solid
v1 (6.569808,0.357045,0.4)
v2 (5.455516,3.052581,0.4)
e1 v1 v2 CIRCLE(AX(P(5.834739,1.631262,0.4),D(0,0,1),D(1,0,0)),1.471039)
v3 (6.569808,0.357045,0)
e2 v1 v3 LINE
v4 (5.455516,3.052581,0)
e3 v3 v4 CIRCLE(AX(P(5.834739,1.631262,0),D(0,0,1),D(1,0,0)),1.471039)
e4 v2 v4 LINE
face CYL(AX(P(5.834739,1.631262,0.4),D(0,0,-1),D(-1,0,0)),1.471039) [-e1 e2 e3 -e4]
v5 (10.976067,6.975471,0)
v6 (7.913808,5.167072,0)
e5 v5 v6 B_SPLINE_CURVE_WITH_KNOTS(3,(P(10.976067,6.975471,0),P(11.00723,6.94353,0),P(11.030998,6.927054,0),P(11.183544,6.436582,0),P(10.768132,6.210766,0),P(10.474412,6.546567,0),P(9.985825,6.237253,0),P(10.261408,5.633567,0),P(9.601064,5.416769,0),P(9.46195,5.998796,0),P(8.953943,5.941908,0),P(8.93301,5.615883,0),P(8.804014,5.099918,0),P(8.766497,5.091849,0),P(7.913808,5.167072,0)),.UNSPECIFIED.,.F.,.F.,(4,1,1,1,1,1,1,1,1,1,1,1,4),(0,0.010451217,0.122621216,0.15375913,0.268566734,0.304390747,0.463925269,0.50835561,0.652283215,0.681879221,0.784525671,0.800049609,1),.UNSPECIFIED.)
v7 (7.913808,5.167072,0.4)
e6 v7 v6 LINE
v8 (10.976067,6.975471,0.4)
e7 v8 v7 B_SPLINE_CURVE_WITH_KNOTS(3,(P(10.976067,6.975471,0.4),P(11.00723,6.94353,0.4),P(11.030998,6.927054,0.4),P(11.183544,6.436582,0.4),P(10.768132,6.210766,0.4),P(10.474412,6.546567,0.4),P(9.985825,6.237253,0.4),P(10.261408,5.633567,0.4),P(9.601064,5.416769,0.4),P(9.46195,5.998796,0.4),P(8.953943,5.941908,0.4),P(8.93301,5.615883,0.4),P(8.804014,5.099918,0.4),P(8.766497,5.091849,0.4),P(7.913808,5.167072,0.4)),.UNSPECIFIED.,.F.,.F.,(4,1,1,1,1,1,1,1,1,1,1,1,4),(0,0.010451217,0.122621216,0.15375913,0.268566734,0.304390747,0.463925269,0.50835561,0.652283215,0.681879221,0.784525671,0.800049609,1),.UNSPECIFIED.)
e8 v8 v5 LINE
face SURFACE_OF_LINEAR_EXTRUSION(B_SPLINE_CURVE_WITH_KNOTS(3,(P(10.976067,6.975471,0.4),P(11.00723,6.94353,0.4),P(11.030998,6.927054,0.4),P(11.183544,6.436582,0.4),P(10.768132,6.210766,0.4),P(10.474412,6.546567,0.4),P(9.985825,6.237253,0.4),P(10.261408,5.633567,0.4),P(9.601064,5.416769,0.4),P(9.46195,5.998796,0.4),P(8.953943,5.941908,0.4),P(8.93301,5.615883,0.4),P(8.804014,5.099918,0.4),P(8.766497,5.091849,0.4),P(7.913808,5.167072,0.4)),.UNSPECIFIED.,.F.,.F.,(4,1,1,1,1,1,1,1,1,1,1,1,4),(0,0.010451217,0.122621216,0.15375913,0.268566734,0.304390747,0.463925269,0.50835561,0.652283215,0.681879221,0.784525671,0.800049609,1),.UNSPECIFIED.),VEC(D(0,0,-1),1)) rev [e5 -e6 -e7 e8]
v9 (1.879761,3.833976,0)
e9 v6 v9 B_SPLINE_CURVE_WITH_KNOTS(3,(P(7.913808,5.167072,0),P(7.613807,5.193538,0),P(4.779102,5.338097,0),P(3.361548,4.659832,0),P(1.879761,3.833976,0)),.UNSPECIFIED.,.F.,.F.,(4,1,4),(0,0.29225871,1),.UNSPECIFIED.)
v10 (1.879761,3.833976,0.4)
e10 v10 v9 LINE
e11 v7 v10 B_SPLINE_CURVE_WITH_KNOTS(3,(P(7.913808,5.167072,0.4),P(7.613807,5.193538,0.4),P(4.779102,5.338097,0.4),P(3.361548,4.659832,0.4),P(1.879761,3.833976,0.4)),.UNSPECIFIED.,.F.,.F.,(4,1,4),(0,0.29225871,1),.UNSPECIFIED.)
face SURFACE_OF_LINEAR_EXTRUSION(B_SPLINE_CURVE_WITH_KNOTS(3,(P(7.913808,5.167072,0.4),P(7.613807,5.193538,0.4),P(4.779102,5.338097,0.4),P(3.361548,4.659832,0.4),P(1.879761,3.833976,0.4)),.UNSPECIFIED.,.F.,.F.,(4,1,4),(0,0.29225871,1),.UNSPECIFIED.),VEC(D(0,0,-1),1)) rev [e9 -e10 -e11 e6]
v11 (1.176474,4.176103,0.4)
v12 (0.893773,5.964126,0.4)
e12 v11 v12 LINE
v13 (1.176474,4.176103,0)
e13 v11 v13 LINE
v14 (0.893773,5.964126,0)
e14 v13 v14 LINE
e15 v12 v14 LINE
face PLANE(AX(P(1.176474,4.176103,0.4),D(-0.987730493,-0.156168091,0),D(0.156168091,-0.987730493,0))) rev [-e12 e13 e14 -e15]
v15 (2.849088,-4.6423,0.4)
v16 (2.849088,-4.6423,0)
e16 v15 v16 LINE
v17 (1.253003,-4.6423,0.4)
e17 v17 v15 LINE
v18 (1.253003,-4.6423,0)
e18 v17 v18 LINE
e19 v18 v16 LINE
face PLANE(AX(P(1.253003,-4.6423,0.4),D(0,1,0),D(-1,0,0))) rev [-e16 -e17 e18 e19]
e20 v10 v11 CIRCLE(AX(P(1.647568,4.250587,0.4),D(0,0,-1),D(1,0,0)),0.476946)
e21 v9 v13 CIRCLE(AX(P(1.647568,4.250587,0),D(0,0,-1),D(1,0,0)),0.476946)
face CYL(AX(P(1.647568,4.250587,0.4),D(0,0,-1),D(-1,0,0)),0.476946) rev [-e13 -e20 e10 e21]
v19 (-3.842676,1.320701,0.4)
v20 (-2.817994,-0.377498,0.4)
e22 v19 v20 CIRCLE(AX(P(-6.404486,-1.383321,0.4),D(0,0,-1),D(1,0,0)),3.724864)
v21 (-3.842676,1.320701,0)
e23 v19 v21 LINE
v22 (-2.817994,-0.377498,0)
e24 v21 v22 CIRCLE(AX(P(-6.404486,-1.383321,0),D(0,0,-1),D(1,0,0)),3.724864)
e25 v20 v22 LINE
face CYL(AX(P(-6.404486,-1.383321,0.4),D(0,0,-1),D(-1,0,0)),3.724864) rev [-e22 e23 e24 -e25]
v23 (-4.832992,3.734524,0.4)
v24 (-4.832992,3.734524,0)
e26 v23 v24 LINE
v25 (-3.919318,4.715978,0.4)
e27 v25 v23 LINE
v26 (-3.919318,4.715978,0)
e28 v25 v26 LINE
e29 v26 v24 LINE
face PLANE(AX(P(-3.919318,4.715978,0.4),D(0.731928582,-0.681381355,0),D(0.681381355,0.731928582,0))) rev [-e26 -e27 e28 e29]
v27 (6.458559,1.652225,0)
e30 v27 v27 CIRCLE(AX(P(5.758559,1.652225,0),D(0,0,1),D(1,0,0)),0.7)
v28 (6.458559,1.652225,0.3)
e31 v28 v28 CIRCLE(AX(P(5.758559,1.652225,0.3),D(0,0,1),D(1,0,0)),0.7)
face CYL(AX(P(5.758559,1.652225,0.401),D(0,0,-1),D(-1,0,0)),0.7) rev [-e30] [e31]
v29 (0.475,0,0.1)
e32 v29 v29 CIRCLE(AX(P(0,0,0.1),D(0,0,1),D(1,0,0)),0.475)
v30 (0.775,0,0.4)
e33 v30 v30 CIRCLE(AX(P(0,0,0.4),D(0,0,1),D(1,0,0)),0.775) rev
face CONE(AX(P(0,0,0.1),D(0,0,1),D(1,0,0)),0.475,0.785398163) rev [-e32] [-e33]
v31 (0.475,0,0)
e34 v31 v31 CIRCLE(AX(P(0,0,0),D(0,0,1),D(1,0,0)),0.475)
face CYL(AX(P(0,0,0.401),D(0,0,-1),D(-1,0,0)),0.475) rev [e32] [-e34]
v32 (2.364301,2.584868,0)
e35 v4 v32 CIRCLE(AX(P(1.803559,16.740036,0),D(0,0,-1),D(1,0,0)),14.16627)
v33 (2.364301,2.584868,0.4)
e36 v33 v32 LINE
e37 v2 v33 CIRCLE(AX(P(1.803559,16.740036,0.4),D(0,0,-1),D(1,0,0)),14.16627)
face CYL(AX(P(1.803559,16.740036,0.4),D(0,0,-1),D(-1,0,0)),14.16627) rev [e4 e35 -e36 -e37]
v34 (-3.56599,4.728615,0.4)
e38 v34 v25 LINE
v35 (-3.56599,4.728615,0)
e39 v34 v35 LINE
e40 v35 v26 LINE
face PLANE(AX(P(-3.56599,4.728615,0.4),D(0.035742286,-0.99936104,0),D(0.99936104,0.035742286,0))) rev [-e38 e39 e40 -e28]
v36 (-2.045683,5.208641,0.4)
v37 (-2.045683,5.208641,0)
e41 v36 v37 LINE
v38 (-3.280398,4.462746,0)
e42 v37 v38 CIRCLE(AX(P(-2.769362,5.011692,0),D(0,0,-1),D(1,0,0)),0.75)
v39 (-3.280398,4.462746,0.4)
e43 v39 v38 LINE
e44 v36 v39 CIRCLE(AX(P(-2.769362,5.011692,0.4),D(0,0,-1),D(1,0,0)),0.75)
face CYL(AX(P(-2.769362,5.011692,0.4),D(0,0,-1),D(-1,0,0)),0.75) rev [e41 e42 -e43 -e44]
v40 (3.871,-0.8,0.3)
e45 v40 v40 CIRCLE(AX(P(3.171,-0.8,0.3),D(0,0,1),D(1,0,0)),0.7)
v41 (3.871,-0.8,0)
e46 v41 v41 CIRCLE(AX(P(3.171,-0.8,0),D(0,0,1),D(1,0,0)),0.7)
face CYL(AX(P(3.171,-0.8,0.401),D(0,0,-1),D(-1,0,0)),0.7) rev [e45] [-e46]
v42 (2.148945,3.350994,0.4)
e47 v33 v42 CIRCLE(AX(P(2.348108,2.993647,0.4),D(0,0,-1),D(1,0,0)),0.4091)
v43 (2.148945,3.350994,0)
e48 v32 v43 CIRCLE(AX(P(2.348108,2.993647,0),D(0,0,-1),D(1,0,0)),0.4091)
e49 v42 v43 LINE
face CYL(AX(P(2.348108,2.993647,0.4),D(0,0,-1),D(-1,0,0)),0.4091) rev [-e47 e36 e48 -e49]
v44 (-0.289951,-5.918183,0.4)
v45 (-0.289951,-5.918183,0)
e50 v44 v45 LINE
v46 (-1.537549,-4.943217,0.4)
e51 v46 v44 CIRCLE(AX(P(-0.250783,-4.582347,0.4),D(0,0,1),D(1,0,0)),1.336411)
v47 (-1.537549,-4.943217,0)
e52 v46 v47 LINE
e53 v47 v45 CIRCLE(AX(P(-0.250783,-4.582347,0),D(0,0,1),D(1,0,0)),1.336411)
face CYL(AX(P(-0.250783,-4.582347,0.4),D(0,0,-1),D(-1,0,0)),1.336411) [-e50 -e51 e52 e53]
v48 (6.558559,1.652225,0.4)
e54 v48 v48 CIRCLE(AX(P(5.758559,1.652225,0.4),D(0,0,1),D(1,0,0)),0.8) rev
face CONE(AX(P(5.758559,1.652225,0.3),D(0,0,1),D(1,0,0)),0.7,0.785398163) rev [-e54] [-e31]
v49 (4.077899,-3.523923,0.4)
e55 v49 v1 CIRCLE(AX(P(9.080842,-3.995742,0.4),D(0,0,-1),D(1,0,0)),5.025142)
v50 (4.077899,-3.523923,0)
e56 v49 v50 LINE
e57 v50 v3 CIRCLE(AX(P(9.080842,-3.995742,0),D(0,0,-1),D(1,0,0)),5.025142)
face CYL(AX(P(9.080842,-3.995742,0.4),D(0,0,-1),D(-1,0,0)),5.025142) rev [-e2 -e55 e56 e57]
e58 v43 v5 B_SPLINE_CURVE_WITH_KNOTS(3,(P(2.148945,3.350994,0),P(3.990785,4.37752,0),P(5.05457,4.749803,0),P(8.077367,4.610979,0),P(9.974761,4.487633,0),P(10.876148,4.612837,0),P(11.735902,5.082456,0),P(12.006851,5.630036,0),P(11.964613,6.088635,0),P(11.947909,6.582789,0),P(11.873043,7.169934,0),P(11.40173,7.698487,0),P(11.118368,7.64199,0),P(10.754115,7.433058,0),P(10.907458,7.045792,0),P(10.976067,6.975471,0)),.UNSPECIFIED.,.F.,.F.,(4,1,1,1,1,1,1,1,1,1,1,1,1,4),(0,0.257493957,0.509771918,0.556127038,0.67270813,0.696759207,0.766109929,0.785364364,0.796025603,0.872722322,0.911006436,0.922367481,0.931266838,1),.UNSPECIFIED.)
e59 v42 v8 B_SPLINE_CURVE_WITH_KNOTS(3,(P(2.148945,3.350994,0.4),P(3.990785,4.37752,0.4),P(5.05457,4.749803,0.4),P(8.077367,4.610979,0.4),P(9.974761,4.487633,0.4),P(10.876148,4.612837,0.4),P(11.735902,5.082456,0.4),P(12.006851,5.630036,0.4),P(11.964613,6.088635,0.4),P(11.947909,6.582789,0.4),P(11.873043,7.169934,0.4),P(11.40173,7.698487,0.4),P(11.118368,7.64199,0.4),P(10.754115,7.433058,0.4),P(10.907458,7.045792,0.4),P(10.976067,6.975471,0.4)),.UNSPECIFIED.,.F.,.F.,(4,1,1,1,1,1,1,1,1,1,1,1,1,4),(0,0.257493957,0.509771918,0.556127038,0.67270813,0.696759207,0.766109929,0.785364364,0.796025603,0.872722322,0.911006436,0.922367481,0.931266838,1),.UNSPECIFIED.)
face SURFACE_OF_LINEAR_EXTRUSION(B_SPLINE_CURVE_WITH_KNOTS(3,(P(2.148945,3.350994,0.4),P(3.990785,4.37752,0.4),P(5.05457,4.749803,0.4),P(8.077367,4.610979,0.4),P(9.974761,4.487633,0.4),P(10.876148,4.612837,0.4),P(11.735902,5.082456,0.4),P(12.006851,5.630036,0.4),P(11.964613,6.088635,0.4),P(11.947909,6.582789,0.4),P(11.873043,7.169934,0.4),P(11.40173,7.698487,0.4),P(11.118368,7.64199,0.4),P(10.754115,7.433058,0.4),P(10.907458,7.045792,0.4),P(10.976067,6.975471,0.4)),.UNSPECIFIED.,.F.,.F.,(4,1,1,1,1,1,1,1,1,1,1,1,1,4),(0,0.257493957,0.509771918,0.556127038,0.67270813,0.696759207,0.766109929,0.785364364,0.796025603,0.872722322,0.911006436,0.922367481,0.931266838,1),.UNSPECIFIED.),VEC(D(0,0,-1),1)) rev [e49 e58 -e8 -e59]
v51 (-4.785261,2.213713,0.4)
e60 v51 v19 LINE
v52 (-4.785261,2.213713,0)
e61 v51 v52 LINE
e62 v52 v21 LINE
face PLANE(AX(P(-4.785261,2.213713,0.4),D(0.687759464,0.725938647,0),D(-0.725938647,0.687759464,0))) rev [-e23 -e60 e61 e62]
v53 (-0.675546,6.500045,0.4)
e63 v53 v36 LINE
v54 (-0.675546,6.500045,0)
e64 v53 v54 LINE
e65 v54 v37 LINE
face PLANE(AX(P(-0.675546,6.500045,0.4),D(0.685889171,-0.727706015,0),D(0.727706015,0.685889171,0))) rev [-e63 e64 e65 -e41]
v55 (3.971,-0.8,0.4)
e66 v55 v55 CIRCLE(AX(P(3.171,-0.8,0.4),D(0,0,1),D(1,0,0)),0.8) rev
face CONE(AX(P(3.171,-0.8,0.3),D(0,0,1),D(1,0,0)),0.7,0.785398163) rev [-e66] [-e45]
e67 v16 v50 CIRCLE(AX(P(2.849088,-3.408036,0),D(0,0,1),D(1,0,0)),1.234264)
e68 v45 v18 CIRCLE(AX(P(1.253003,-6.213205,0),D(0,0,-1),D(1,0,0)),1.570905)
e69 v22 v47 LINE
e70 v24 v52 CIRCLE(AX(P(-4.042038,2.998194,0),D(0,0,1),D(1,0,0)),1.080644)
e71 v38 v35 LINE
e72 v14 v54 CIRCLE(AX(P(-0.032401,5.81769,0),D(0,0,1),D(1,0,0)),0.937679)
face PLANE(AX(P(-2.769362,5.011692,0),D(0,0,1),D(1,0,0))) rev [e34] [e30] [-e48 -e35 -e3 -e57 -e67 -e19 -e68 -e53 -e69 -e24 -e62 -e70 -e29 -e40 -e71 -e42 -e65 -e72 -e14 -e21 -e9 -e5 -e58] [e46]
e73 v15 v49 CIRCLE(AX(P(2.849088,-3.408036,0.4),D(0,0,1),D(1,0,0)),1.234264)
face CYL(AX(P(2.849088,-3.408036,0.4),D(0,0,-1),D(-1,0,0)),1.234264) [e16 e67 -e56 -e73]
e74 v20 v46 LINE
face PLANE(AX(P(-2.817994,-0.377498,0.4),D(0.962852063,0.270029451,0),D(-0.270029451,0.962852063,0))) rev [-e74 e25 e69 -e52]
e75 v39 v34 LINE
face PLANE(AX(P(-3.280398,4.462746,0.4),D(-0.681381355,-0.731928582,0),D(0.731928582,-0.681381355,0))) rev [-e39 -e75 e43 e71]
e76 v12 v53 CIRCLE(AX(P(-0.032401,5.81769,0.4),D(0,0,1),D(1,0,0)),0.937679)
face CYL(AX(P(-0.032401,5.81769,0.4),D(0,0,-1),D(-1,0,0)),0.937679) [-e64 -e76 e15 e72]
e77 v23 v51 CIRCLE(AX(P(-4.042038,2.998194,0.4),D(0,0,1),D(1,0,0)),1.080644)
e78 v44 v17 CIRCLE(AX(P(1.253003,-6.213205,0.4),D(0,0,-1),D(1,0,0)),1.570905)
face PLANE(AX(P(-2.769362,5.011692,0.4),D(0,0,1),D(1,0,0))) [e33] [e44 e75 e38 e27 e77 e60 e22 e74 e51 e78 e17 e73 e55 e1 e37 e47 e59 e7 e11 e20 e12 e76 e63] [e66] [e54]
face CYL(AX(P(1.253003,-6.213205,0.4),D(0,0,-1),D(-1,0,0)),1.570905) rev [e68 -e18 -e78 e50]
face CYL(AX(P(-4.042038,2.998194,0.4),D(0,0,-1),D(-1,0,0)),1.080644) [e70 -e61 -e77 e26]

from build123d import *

# Parameters (mm, degrees)
BOSS_EXTRUDE1_DEPTH = 0.4
CUT_EXTRUDE1_REACH  = 2.4
SKETCH3_R           = 0.7
SKETCH3_R_2         = 0.475
CHAMFER1_SIZE       = 0.3
CHAMFER2_SIZE       = 0.1


with BuildPart() as part:
    # Sketch2 → Boss-Extrude1 (new body)
    with BuildSketch(Plane.XY):
        with BuildLine():
            Line((-3.280398103, 4.462745585), (-3.565990423, 4.728614807))
            Line((-3.565990423, 4.728614807), (-3.919317908, 4.715978))
            Line((-3.919317908, 4.715978), (-4.832992025, 3.734524376))
            ThreePointArc((-4.832992025, 3.734524376), (-5.12214982, 2.964294444), (-4.785260956, 2.213713154))
            Line((-4.785260956, 2.213713154), (-3.842676047, 1.320701474))
            ThreePointArc((-3.842676047, 1.320701474), (-3.215226534, 0.54105722), (-2.817993583, -0.377498188))
            Line((-2.817993583, -0.377498188), (-1.53754924, -4.943216753))
            ThreePointArc((-1.53754924, -4.943216753), (-1.073683574, -5.635355957), (-0.289950936, -5.918183091))
            ThreePointArc((-0.289950936, -5.918183091), (0.25193027, -5.00258665), (1.253002544, -4.642300121))
            Line((1.253002544, -4.642300121), (2.849087927, -4.642300121))
            ThreePointArc((2.849087927, -4.642300121), (3.679862266, -4.320845809), (4.077899324, -3.523923368))
            ThreePointArc((4.077899324, -3.523923368), (4.85231519, -1.28067152), (6.569808396, 0.357045144))
            ThreePointArc((6.569808396, 0.357045144), (7.194200096, 2.193242558), (5.455515812, 3.0525812))
            ThreePointArc((5.455515812, 3.0525812), (3.922850556, 2.733187243), (2.364301002, 2.58486809))
            ThreePointArc((2.364301002, 2.58486809), (1.954271819, 2.882940849), (2.148944892, 3.350993939))
            add(Edge.make_bspline(
                [(2.148944892, 3.350993939), (3.990784733, 4.377520224), (5.054570061, 4.749802783), (8.07736743, 4.610978963), (9.974761322, 4.487633157), (10.876148009, 4.612836581), (11.735902337, 5.082456398), (12.006850802, 5.630036331), (11.964613234, 6.088635426), (11.94790868, 6.582788519), (11.87304344, 7.169933604), (11.401729955, 7.698486926), (11.118368123, 7.641989696), (10.754115113, 7.433057717), (10.907458245, 7.045791734), (10.976067116, 6.975470818)],
                knots=[0, 0, 0, 0, 0.257493957, 0.509771918, 0.556127038, 0.67270813, 0.696759207, 0.766109929, 0.785364364, 0.796025603, 0.872722322, 0.911006436, 0.922367481, 0.931266838, 1, 1, 1, 1], degree=3))
            add(Edge.make_bspline(
                [(10.976067116, 6.975470818), (11.007230213, 6.943530086), (11.030998053, 6.927054365), (11.183543858, 6.436582216), (10.768131907, 6.210766166), (10.47441157, 6.546566685), (9.985825305, 6.237253123), (10.261407754, 5.63356727), (9.601064093, 5.416768823), (9.461950055, 5.99879585), (8.953943464, 5.941908396), (8.933009984, 5.615882839), (8.804013969, 5.099917733), (8.766496746, 5.091849472), (7.913807767, 5.167072227)],
                knots=[0, 0, 0, 0, 0.010451217, 0.122621216, 0.15375913, 0.268566734, 0.304390747, 0.463925269, 0.50835561, 0.652283215, 0.681879221, 0.784525671, 0.800049609, 1, 1, 1, 1], degree=3))
            add(Edge.make_bspline(
                [(7.913807767, 5.167072227), (7.613807084, 5.193537772), (4.779102247, 5.338097215), (3.361548013, 4.659831765), (1.879760763, 3.833976266)],
                knots=[0, 0, 0, 0, 0.29225871, 1, 1, 1, 1], degree=3))
            ThreePointArc((1.879760763, 3.833976266), (1.438926959, 3.821696872), (1.176473936, 4.176102906))
            Line((1.176473936, 4.176102906), (0.893773186, 5.964125991))
            ThreePointArc((0.893773186, 5.964125991), (0.27063154, 6.705053748), (-0.675545506, 6.500045332))
            Line((-0.675545506, 6.500045332), (-2.045683245, 5.208641086))
            ThreePointArc((-2.045683245, 5.208641086), (-2.381555089, 4.369737403), (-3.280398103, 4.462745585))
        make_face()
    extrude(amount=BOSS_EXTRUDE1_DEPTH)

    # Sketch3 → Cut-Extrude1 (cut, up to next)
    with BuildSketch(Plane.XY, mode=Mode.PRIVATE) as cut_extrude1_sk1:
        with Locations((3.171, -0.8)):
            Circle(SKETCH3_R)
    cut_extrude1_tool1 = extrude(cut_extrude1_sk1.sketch, amount=CUT_EXTRUDE1_REACH, mode=Mode.PRIVATE) & part.part
    add(cut_extrude1_tool1.solids().sort_by_distance((3.171, -0.8, 0))[0], mode=Mode.SUBTRACT)
    # Sketch3 → Cut-Extrude1 (cut, up to next)
    with BuildSketch(Plane.XY, mode=Mode.PRIVATE) as cut_extrude1_sk2:
        Circle(SKETCH3_R_2)
    cut_extrude1_tool2 = extrude(cut_extrude1_sk2.sketch, amount=CUT_EXTRUDE1_REACH, mode=Mode.PRIVATE) & part.part
    add(cut_extrude1_tool2.solids().sort_by_distance((0, 0, 0))[0], mode=Mode.SUBTRACT)
    # Sketch3 → Cut-Extrude1 (cut, up to next)
    with BuildSketch(Plane.XY, mode=Mode.PRIVATE) as cut_extrude1_sk3:
        with Locations((5.758559264, 1.652224614)):
            Circle(SKETCH3_R)
    cut_extrude1_tool3 = extrude(cut_extrude1_sk3.sketch, amount=CUT_EXTRUDE1_REACH, mode=Mode.PRIVATE) & part.part
    add(cut_extrude1_tool3.solids().sort_by_distance((5.758559, 1.652225, 0))[0], mode=Mode.SUBTRACT)

    # Chamfer1
    chamfer1_edges = [part.edges().sort_by_distance(p)[0] for p in [
        (-0.475, 0, 0.4),
    ]]
    chamfer(chamfer1_edges, length=CHAMFER1_SIZE)

    # Chamfer2
    chamfer2_edges = [part.edges().sort_by_distance(p)[0] for p in [
        (2.471, -0.8, 0.4),
        (5.058559264, 1.652224614, 0.4),
    ]]
    chamfer(chamfer2_edges, length=CHAMFER2_SIZE)


solid = part.part
